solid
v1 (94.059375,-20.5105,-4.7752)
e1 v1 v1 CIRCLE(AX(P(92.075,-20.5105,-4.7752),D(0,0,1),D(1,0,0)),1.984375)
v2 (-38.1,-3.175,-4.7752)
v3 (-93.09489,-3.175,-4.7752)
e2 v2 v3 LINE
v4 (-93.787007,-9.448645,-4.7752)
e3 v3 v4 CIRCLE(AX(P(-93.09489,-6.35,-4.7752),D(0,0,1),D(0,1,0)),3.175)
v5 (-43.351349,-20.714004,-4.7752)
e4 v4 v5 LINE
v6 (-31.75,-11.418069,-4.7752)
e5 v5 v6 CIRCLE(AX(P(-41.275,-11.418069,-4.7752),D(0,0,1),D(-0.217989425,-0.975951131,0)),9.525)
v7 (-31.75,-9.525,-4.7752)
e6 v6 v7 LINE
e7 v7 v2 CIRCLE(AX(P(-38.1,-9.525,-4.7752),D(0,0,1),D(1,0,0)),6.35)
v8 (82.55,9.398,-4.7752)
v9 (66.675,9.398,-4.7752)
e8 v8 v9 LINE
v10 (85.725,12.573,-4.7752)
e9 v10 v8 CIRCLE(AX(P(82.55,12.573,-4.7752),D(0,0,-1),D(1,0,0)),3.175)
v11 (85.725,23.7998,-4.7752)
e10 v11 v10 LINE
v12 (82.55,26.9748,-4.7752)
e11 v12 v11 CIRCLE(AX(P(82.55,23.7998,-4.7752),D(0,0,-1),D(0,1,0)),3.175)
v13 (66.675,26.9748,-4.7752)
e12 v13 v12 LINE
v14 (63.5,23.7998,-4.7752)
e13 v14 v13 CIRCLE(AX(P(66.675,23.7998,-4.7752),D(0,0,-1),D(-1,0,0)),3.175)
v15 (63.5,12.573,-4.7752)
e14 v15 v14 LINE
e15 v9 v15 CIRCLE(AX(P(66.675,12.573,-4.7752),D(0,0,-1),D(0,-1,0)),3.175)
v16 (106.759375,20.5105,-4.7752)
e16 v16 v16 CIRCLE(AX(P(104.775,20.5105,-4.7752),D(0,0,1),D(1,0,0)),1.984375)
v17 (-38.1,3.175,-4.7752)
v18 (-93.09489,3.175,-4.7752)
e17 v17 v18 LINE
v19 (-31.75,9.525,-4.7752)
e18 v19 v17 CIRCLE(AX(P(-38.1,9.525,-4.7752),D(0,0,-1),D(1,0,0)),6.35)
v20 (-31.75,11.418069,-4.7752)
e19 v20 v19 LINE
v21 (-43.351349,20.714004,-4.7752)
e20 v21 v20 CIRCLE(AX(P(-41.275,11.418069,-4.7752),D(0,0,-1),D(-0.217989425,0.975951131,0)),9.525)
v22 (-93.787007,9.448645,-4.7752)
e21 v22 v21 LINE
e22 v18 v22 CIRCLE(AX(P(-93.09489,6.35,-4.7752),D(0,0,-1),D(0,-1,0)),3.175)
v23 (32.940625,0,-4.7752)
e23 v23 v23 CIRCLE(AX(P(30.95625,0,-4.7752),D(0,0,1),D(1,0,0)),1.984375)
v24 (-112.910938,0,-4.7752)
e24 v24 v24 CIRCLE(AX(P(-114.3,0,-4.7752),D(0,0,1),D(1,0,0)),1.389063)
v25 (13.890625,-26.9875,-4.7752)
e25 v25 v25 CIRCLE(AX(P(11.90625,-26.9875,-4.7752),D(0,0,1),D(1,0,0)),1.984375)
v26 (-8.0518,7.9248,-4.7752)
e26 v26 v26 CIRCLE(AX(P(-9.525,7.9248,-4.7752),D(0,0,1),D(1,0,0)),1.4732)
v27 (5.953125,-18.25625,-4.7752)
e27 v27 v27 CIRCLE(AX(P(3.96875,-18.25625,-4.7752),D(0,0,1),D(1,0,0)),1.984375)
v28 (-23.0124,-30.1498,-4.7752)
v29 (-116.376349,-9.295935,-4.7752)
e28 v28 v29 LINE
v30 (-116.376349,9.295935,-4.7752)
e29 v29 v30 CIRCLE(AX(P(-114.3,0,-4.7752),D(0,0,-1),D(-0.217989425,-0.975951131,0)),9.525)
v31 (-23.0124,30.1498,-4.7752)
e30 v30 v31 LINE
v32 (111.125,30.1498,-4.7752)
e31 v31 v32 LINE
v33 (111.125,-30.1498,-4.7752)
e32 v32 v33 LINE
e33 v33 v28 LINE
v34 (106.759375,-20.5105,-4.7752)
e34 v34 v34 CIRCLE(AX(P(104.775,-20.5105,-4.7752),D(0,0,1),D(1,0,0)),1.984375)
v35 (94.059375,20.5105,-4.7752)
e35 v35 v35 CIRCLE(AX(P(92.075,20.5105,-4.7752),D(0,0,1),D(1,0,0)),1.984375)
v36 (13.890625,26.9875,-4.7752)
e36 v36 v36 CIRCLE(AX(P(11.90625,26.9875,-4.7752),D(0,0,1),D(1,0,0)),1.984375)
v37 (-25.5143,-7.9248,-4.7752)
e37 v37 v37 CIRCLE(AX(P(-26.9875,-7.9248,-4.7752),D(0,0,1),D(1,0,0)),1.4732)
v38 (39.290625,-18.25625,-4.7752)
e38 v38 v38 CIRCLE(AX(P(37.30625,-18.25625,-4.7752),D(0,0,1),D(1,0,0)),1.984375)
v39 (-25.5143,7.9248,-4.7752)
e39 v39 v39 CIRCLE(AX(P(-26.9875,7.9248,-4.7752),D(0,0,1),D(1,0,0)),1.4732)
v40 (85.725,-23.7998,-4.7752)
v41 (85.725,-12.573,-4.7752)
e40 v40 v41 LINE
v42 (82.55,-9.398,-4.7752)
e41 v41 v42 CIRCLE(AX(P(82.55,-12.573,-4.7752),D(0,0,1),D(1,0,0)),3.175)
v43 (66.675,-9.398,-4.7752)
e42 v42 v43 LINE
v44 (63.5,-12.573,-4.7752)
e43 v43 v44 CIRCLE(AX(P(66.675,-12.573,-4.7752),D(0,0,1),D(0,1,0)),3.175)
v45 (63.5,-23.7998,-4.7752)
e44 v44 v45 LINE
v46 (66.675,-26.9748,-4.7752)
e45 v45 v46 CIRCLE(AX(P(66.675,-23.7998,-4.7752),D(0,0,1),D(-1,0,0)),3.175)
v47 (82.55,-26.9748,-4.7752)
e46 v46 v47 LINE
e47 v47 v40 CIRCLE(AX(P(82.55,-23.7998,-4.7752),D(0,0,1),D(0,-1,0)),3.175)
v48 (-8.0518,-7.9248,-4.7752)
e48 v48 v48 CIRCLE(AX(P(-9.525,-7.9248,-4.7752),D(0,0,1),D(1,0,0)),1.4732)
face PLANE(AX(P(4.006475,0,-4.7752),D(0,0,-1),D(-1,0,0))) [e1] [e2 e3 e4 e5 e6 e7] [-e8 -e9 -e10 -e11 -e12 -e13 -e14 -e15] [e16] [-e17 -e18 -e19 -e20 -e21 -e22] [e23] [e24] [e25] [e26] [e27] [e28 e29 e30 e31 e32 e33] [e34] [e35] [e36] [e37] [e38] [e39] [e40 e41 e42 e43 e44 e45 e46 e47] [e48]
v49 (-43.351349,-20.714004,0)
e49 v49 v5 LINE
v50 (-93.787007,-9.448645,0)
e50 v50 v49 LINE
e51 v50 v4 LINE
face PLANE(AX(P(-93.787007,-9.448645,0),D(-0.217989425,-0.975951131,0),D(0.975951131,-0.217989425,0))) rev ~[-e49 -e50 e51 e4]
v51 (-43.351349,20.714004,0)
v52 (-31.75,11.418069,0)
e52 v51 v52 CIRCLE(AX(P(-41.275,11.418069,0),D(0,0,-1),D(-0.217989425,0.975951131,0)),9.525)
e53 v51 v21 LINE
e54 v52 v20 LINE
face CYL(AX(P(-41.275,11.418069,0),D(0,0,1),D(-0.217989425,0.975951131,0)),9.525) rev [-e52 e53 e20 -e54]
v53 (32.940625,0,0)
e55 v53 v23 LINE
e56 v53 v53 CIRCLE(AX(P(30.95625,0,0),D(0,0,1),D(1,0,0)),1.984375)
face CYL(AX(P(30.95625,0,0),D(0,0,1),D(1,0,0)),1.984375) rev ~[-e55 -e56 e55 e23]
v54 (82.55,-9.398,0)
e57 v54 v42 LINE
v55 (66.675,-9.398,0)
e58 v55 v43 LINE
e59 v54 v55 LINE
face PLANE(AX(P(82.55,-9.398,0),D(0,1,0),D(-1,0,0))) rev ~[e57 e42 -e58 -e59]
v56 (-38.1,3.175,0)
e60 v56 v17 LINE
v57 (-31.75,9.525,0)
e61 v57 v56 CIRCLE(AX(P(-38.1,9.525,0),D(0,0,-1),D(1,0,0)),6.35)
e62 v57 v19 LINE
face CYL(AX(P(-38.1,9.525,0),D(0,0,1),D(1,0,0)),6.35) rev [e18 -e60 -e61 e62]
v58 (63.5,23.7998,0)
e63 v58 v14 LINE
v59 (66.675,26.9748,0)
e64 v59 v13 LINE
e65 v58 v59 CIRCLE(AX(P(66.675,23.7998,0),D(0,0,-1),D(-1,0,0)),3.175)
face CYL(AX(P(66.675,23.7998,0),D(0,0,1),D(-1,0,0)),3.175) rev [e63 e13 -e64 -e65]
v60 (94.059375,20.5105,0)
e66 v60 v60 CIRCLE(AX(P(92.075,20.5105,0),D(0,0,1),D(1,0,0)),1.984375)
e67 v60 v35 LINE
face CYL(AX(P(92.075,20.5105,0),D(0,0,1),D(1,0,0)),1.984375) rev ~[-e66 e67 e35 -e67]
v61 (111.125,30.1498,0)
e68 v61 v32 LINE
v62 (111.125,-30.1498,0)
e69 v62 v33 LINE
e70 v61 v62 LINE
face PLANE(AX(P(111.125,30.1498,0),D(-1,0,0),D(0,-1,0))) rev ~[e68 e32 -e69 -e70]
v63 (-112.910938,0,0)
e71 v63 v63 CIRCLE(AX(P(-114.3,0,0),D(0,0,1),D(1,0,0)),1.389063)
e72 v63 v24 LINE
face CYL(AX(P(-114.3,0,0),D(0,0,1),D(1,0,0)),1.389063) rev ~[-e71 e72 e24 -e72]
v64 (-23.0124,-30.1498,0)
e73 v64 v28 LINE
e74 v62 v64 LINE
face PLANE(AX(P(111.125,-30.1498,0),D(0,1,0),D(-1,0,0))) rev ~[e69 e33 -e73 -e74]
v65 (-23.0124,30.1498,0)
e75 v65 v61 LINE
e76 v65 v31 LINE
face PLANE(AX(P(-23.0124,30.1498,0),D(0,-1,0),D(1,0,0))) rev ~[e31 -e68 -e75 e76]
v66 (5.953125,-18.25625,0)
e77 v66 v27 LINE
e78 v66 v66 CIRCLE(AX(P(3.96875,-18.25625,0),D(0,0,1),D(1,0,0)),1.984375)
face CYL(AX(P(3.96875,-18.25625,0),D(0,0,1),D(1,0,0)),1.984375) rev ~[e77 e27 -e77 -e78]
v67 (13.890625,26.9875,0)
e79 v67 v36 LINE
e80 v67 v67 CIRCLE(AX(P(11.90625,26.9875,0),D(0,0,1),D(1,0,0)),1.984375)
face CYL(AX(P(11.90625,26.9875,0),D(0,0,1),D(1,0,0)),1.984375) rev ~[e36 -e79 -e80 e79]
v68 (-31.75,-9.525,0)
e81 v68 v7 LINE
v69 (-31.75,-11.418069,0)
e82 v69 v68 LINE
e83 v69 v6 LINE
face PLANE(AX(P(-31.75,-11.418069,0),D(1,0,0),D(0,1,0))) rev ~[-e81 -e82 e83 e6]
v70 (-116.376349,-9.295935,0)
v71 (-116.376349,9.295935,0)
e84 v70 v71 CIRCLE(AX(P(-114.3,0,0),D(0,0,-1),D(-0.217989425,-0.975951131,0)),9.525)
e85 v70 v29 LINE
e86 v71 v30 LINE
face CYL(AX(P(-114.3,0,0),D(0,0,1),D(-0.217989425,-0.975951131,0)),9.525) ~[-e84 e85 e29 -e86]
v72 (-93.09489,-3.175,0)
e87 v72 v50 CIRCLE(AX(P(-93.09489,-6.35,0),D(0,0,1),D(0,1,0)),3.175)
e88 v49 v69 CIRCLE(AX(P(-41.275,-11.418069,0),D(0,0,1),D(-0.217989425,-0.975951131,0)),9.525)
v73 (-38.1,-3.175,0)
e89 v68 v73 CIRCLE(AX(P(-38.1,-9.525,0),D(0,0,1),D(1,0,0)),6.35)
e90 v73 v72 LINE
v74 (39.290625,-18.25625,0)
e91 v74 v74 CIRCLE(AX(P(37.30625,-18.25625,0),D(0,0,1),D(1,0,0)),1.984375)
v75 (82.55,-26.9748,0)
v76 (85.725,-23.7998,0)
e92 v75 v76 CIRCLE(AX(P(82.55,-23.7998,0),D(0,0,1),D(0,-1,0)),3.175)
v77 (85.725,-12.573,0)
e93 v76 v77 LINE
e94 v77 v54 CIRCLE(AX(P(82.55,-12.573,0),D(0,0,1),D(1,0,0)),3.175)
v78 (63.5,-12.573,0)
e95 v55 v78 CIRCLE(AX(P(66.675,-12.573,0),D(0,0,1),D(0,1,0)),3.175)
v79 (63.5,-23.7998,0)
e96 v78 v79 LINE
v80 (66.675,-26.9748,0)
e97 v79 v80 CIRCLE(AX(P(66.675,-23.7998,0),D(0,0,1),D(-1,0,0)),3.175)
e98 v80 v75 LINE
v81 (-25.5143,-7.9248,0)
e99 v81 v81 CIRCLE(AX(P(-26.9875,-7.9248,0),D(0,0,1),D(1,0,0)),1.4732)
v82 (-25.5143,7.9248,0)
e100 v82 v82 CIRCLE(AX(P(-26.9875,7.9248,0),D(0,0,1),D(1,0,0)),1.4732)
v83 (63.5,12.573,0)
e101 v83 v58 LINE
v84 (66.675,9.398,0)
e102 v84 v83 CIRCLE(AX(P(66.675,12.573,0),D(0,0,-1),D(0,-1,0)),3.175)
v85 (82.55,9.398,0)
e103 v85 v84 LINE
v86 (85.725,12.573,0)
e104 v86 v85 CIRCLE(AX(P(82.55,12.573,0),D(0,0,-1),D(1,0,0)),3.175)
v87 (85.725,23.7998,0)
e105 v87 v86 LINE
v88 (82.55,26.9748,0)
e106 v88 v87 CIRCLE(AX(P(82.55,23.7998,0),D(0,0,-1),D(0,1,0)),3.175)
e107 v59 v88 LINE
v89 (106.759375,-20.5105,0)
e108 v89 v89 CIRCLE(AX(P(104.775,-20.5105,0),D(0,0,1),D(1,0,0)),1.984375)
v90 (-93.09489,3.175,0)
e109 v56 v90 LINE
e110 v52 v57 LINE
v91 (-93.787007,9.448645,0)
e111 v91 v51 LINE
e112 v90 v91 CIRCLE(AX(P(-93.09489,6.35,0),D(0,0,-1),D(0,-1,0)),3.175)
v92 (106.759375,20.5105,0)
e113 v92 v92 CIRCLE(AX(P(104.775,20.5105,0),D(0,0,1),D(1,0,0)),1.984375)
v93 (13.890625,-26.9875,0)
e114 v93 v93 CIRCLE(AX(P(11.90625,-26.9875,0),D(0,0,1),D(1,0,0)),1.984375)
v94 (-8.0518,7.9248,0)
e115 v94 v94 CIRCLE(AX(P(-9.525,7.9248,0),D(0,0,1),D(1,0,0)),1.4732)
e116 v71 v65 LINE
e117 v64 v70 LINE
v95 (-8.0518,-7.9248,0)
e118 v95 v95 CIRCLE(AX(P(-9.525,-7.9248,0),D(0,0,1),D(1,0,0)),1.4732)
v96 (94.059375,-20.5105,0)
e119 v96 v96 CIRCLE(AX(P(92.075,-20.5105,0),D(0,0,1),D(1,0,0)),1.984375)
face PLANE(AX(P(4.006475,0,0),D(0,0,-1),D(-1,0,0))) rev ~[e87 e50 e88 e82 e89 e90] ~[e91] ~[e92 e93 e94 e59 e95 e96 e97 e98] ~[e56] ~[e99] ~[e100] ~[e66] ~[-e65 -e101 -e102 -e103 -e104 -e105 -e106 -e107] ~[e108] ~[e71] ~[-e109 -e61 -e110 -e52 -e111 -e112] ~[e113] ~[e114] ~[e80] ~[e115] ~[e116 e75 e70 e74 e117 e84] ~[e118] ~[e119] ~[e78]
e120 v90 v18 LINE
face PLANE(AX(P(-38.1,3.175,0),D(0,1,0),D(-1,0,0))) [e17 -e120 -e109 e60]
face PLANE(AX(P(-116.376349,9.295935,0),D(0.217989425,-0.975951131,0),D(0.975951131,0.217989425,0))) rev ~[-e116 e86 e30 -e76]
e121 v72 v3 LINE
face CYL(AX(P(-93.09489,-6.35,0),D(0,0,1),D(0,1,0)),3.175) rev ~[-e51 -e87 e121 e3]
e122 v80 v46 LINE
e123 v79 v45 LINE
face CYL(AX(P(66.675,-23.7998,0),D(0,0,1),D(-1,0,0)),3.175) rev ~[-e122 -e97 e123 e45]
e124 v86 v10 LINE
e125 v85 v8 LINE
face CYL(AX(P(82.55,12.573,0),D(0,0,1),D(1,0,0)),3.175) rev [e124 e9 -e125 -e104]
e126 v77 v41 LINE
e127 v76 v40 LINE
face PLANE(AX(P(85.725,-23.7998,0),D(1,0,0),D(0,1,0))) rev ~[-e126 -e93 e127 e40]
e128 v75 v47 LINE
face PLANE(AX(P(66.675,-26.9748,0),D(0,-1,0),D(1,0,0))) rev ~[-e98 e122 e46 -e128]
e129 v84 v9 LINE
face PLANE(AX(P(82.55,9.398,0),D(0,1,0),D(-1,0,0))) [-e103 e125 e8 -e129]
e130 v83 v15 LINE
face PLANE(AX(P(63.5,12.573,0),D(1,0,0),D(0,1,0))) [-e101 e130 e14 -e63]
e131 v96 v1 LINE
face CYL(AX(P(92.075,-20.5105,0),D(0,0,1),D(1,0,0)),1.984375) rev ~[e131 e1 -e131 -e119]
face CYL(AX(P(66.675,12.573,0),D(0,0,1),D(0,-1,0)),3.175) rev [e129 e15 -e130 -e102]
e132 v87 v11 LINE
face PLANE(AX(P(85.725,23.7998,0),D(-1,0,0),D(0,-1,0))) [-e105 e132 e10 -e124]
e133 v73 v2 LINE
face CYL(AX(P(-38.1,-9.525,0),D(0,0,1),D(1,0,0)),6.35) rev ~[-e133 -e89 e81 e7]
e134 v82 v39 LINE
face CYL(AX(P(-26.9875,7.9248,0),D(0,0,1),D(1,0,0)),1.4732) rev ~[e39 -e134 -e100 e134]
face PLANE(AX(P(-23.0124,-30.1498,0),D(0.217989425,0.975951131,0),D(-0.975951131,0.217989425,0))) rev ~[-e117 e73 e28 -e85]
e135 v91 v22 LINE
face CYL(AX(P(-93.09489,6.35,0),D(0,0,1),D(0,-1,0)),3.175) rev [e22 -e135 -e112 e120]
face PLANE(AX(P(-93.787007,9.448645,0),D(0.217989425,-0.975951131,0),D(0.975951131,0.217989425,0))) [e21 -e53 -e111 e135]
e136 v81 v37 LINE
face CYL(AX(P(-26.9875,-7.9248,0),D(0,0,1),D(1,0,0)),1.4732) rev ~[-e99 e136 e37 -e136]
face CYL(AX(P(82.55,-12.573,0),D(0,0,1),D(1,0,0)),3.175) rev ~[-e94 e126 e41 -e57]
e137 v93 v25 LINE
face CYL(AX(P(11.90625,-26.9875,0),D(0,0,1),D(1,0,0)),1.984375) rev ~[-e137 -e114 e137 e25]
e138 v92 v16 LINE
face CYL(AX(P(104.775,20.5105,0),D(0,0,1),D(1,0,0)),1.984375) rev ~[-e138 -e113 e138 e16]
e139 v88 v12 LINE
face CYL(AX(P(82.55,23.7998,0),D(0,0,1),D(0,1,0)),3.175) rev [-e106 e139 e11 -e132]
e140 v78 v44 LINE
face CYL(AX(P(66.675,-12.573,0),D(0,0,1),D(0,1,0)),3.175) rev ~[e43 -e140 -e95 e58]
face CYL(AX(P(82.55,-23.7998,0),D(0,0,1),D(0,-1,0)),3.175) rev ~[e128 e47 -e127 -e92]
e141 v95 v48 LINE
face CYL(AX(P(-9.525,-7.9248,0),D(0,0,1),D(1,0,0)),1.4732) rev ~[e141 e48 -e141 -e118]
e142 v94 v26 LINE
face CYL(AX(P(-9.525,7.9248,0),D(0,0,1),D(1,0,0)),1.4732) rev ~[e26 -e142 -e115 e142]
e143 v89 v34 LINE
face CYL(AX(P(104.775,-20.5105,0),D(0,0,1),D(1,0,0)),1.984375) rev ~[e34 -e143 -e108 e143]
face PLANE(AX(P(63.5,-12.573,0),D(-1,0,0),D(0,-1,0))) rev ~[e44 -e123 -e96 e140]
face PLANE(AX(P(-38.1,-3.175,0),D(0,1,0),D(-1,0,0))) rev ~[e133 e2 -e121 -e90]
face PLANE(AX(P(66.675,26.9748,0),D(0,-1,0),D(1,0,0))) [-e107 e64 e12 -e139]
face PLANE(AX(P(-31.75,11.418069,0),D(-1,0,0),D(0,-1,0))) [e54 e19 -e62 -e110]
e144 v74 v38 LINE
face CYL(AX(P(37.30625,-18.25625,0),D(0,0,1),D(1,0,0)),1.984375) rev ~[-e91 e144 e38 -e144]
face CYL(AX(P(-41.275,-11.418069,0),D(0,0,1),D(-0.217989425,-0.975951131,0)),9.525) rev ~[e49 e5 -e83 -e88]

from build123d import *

# Parameters (mm, degrees)
SKETCH1_R          = 1.3890625
SKETCH1_R_2        = 1.984375
EXTRUDE1_DEPTH     = 4.7752
SKETCH9_R          = 1.4732
SKETCH9_R_2        = 1.984375
CUT_EXTRUDE3_DEPTH = 4.7752


with BuildPart() as part:
    # Sketch1 → Extrude1 (new body)
    with BuildSketch(Plane.XY):
        with BuildLine():
            Line((-23.0124, 30.1498), (111.125, 30.1498))
            Line((111.125, 30.1498), (111.125, -30.1498))
            Line((111.125, -30.1498), (-23.0124, -30.1498))
            Line((-23.0124, -30.1498), (-116.376349272, -9.295934526))
            ThreePointArc((-116.376349272, -9.295934526), (-123.825, 0), (-116.376349272, 9.295934526))
            Line((-116.376349272, 9.295934526), (-23.0124, 30.1498))
        make_face()
        with Locations((-114.3, 0)):
            Circle(SKETCH1_R, mode=Mode.SUBTRACT)
        with Locations((104.775, -20.5105)):
            Circle(SKETCH1_R_2, mode=Mode.SUBTRACT)
        with Locations((92.075, -20.5105)):
            Circle(SKETCH1_R_2, mode=Mode.SUBTRACT)
        with Locations((104.775, 20.5105)):
            Circle(SKETCH1_R_2, mode=Mode.SUBTRACT)
        with Locations((92.075, 20.5105)):
            Circle(SKETCH1_R_2, mode=Mode.SUBTRACT)
        with BuildLine():
            Line((-93.787006647, 9.448644842), (-43.351349272, 20.714003926))
            ThreePointArc((-43.351349272, 20.714003926), (-35.318977914, 18.85119969), (-31.75, 11.4180694))
            Line((-31.75, 11.4180694), (-31.75, 9.525))
            ThreePointArc((-31.75, 9.525), (-33.609871939, 5.034871939), (-38.1, 3.175))
            Line((-38.1, 3.175), (-93.094890223, 3.175))
            ThreePointArc((-93.094890223, 3.175), (-96.250743703, 6.001842258), (-93.787006647, 9.448644842))
        make_face(mode=Mode.SUBTRACT)
        with BuildLine():
            Line((-93.787006647, -9.448644842), (-43.351349272, -20.714003926))
            ThreePointArc((-43.351349272, -20.714003926), (-35.318977914, -18.85119969), (-31.75, -11.4180694))
            Line((-31.75, -11.4180694), (-31.75, -9.525))
            ThreePointArc((-31.75, -9.525), (-33.609871939, -5.034871939), (-38.1, -3.175))
            Line((-38.1, -3.175), (-93.094890223, -3.175))
            ThreePointArc((-93.094890223, -3.175), (-96.250743703, -6.001842258), (-93.787006647, -9.448644842))
        make_face(mode=Mode.SUBTRACT)
        with BuildLine():
            Line((85.725, -23.7998), (85.725, -12.573))
            ThreePointArc((85.725, -12.573), (84.79506403, -10.32793597), (82.55, -9.398))
            Line((82.55, -9.398), (66.675, -9.398))
            ThreePointArc((66.675, -9.398), (64.42993597, -10.32793597), (63.5, -12.573))
            Line((63.5, -12.573), (63.5, -23.7998))
            ThreePointArc((63.5, -23.7998), (64.42993597, -26.04486403), (66.675, -26.9748))
            Line((66.675, -26.9748), (82.55, -26.9748))
            ThreePointArc((82.55, -26.9748), (84.79506403, -26.04486403), (85.725, -23.7998))
        make_face(mode=Mode.SUBTRACT)
        with BuildLine():
            Line((85.725, 23.7998), (85.725, 12.573))
            ThreePointArc((85.725, 12.573), (84.79506403, 10.32793597), (82.55, 9.398))
            Line((82.55, 9.398), (66.675, 9.398))
            ThreePointArc((66.675, 9.398), (64.42993597, 10.32793597), (63.5, 12.573))
            Line((63.5, 12.573), (63.5, 23.7998))
            ThreePointArc((63.5, 23.7998), (64.42993597, 26.04486403), (66.675, 26.9748))
            Line((66.675, 26.9748), (82.55, 26.9748))
            ThreePointArc((82.55, 26.9748), (84.79506403, 26.04486403), (85.725, 23.7998))
        make_face(mode=Mode.SUBTRACT)
    extrude(amount=-EXTRUDE1_DEPTH)

    # Sketch9 → Cut-Extrude3 (cut)
    with BuildSketch(Plane.XY):
        with Locations((-26.9875, 7.9248)):
            Circle(SKETCH9_R)
        with Locations((-9.525, -7.9248)):
            Circle(SKETCH9_R)
        with Locations((-26.9875, -7.9248)):
            Circle(SKETCH9_R)
        with Locations((11.90625, -26.9875)):
            Circle(SKETCH9_R_2)
        with Locations((-9.525, 7.9248)):
            Circle(SKETCH9_R)
        with Locations((11.90625, 26.9875)):
            Circle(SKETCH9_R_2)
        with Locations((30.95625, 0)):
            Circle(SKETCH9_R_2)
        with Locations((3.96875, -18.25625)):
            Circle(SKETCH9_R_2)
        with Locations((37.30625, -18.25625)):
            Circle(SKETCH9_R_2)
    extrude(amount=-CUT_EXTRUDE3_DEPTH, mode=Mode.SUBTRACT)


solid = part.part
